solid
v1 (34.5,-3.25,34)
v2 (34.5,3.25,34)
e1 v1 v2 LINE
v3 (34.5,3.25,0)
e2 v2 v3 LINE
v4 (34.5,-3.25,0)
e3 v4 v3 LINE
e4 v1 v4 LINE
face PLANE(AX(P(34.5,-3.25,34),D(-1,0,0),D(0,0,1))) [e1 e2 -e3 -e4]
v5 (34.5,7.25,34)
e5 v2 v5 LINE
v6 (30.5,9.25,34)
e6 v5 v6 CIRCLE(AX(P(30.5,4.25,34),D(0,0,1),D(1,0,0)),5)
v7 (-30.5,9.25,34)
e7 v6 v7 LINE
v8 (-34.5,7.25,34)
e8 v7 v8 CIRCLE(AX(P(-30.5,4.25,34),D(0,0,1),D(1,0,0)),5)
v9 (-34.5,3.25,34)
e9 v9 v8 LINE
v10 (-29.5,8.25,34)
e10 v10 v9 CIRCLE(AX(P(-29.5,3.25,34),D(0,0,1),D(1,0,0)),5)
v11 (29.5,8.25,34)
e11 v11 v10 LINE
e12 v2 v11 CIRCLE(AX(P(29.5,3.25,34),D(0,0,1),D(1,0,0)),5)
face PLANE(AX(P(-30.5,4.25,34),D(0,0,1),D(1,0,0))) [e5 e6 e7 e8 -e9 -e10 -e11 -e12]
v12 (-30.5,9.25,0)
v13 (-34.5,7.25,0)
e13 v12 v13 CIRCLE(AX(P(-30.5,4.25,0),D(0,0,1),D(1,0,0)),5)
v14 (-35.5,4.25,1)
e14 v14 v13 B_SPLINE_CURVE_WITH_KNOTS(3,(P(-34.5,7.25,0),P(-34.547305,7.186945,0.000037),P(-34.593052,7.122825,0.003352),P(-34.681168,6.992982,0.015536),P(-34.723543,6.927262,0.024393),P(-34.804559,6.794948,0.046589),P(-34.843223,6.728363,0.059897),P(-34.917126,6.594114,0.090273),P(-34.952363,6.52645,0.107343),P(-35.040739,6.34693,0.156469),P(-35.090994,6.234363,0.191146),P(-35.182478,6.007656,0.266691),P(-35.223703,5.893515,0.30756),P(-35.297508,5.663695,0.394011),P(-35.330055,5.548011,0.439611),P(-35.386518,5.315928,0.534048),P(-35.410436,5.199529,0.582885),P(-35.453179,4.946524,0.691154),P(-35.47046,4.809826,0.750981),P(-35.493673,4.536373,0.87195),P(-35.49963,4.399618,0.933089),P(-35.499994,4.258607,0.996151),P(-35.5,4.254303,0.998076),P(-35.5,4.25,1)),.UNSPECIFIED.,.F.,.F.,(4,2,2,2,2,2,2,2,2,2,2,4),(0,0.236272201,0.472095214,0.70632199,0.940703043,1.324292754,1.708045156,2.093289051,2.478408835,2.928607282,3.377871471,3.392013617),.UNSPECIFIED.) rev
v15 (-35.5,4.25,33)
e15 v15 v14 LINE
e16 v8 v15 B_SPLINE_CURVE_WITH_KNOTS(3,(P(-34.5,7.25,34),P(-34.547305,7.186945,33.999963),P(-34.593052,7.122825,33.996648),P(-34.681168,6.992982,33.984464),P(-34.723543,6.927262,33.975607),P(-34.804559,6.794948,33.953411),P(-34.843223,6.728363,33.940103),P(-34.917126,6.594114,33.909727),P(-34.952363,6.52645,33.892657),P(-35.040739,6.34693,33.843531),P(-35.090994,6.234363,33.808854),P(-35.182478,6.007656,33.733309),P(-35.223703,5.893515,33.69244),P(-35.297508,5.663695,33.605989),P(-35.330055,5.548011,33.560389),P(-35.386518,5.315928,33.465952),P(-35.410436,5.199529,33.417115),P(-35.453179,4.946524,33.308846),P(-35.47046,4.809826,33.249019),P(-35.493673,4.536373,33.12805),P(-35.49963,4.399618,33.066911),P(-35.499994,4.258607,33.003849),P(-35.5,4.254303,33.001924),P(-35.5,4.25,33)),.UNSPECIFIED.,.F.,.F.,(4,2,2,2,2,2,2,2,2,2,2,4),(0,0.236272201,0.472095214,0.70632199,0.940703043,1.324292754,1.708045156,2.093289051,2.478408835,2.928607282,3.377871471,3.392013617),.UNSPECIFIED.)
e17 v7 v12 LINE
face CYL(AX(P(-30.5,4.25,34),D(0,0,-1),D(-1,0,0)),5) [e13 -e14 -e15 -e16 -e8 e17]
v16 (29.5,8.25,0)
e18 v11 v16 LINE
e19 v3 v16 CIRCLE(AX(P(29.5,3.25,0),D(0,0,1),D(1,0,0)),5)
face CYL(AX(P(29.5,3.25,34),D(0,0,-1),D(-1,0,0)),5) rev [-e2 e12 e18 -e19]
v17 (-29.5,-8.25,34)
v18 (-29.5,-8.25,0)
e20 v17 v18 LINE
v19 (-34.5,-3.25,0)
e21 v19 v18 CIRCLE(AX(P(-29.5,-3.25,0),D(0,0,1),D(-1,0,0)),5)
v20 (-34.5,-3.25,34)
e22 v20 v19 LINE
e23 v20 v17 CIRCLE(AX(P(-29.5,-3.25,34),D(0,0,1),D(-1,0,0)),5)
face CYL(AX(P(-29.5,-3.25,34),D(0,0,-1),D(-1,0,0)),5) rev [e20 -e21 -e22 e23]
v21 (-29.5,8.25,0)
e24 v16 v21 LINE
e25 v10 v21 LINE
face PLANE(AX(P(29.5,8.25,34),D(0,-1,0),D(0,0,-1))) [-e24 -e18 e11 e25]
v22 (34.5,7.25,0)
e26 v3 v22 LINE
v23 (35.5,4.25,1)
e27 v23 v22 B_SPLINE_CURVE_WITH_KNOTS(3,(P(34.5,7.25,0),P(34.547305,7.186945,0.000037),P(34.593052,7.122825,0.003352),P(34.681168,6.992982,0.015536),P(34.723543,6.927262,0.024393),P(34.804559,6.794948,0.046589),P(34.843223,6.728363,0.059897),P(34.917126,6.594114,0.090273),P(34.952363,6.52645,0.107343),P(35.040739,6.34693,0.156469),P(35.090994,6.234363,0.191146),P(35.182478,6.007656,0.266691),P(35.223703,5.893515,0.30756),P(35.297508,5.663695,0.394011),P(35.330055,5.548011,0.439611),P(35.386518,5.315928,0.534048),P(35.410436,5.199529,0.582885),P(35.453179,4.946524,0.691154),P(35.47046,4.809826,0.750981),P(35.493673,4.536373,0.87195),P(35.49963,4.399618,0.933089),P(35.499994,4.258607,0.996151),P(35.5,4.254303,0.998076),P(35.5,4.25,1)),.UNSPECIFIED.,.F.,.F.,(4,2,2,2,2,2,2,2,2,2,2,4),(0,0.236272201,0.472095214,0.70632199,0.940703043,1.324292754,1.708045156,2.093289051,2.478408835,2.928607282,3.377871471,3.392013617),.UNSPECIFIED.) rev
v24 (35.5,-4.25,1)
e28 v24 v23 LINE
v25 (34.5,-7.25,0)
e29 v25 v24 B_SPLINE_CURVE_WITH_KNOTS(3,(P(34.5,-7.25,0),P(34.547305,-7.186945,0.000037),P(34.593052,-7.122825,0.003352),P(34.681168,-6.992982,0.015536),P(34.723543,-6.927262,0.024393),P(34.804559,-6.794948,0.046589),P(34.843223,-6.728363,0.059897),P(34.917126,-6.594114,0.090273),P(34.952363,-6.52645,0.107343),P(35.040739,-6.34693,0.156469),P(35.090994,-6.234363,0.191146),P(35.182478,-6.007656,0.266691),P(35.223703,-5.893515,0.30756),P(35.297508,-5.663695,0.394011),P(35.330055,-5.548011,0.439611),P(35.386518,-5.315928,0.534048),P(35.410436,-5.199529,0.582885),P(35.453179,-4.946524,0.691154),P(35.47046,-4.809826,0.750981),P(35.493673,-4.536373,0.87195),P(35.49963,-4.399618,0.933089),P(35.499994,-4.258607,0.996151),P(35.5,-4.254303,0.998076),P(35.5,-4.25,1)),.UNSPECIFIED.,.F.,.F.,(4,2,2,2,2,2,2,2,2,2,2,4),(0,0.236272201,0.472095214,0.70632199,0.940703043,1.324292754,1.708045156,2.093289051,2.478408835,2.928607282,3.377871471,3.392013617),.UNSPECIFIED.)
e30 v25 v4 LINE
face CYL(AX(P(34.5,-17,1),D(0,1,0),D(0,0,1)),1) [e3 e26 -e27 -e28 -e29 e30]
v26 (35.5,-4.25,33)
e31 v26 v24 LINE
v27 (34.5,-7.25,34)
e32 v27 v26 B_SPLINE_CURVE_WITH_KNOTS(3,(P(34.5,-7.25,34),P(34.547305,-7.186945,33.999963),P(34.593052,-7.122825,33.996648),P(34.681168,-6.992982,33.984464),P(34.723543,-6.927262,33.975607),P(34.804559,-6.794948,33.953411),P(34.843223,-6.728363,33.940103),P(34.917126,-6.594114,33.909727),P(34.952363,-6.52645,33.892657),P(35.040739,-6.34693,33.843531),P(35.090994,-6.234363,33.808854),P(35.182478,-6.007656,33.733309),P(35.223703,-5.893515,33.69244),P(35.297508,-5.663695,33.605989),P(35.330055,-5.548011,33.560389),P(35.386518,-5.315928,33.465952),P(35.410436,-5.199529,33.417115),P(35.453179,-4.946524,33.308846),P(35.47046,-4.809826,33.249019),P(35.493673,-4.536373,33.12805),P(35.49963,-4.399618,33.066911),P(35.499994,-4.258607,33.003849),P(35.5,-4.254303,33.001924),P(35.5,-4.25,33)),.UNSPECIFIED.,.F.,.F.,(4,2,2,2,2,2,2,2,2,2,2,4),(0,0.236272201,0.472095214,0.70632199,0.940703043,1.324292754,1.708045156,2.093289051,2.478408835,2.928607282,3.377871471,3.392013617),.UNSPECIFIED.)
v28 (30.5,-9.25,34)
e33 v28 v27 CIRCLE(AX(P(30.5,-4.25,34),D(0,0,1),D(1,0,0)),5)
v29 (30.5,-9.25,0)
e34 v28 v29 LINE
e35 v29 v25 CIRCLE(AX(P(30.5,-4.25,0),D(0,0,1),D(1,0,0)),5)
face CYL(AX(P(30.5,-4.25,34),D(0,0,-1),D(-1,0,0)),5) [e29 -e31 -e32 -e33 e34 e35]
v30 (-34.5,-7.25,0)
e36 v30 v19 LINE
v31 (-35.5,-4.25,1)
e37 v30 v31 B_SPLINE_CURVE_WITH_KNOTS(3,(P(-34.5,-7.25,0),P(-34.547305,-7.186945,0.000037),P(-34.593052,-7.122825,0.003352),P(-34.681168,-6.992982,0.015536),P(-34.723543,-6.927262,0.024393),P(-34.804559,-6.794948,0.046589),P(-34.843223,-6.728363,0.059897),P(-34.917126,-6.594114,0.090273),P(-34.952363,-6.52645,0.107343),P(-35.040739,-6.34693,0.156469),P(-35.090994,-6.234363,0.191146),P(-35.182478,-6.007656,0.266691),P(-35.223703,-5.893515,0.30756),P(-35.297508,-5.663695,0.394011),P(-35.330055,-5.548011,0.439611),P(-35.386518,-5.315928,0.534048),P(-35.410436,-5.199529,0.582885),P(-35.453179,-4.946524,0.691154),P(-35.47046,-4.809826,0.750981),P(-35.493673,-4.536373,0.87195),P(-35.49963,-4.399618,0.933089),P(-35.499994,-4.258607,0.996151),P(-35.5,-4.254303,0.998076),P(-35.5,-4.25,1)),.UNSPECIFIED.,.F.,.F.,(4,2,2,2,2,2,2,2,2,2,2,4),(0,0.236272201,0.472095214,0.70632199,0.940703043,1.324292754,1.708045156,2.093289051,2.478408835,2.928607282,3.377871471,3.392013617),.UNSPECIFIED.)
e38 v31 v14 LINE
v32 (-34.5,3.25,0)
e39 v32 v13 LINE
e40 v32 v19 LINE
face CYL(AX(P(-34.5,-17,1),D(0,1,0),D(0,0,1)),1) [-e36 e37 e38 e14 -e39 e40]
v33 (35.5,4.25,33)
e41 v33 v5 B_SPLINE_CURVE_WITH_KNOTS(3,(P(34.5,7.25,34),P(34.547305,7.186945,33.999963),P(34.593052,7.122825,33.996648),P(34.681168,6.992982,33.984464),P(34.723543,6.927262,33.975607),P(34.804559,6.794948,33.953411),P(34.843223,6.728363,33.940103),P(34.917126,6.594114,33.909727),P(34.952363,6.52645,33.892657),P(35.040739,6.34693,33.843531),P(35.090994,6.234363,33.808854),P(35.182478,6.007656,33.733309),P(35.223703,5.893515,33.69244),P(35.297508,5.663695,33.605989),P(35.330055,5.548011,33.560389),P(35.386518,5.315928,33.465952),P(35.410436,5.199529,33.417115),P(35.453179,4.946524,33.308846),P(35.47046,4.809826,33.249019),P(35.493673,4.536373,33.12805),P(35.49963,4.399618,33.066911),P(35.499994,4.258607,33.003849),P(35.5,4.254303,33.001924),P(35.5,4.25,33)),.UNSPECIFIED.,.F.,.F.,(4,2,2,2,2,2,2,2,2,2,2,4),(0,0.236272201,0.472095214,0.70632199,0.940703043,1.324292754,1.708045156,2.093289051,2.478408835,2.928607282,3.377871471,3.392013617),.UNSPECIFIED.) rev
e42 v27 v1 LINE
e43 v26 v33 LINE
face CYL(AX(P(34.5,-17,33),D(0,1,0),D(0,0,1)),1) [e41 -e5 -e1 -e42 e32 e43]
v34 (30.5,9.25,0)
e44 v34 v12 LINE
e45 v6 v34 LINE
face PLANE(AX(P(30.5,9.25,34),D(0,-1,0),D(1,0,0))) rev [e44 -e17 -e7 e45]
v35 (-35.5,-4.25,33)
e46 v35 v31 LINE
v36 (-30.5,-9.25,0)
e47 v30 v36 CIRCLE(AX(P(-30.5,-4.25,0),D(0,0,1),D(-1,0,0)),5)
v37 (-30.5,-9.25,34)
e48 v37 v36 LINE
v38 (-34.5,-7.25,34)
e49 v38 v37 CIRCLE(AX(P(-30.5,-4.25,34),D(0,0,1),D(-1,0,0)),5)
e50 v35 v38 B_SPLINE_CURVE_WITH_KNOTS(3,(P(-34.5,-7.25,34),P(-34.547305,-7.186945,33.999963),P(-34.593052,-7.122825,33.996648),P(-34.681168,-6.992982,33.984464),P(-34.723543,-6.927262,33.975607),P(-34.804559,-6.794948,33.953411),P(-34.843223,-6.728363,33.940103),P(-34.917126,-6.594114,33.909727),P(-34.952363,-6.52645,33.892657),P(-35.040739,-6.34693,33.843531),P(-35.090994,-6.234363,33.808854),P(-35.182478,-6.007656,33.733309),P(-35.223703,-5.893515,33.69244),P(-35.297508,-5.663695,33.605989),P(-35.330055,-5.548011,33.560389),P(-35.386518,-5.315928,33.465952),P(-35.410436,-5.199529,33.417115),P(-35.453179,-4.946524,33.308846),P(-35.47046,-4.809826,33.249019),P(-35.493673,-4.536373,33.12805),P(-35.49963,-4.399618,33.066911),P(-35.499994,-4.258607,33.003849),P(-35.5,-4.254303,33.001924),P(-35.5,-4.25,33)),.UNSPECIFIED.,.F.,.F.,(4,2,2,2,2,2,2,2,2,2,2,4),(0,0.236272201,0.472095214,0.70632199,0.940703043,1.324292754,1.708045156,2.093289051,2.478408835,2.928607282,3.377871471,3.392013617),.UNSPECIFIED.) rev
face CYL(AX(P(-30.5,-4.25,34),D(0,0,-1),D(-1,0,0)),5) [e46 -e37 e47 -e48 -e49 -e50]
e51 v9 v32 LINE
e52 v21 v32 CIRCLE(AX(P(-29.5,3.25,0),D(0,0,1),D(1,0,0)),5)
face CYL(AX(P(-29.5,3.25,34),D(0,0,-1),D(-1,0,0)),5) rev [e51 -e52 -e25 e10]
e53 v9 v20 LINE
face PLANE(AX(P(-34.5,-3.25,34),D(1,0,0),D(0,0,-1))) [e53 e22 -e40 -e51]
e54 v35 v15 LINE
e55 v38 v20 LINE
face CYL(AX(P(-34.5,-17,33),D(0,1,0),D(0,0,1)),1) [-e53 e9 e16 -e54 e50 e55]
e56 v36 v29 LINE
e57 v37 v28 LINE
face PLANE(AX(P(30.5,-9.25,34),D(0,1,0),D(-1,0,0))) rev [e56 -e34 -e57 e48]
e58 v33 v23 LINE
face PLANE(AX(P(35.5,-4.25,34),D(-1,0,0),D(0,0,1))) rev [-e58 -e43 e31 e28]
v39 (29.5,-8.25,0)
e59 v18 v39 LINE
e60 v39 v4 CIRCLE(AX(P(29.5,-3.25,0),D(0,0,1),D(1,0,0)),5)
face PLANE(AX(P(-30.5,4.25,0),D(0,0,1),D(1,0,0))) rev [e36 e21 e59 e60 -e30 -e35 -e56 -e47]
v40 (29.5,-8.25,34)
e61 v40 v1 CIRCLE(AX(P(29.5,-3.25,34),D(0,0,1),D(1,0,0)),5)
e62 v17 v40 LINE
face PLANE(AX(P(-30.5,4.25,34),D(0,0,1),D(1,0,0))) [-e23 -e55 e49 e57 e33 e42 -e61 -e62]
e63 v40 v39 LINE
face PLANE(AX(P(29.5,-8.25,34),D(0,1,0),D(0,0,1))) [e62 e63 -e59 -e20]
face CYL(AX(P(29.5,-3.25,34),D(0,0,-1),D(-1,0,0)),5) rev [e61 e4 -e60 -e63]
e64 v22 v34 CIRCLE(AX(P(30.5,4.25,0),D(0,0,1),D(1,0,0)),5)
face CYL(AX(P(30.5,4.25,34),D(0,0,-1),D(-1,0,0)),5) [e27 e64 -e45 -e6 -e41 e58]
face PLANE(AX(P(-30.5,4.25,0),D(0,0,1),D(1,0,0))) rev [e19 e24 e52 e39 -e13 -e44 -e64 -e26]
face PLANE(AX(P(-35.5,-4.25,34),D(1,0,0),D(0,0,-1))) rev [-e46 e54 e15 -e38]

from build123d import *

# Parameters (mm, degrees)
BOSS_EXTRUDE3_DEPTH = 34
CUT_EXTRUDE4_DEPTH  = 17


with BuildPart() as part:
    # Sketch12 → Boss-Extrude3 (new body)
    with BuildSketch(Plane.XY):
        with BuildLine():
            Line((30.5, -9.25), (-30.5, -9.25))
            ThreePointArc((-30.5, -9.25), (-34.035533906, -7.785533906), (-35.5, -4.25))
            Line((-35.5, -4.25), (-35.5, 4.25))
            ThreePointArc((-35.5, 4.25), (-34.035533906, 7.785533906), (-30.5, 9.25))
            Line((-30.5, 9.25), (30.5, 9.25))
            ThreePointArc((30.5, 9.25), (34.035533906, 7.785533906), (35.5, 4.25))
            Line((35.5, 4.25), (35.5, -4.25))
            ThreePointArc((35.5, -4.25), (34.035533906, -7.785533906), (30.5, -9.25))
        make_face()
        with BuildLine():
            Line((29.5, -8.25), (-29.5, -8.25))
            ThreePointArc((-29.5, -8.25), (-33.035533906, -6.785533906), (-34.5, -3.25))
            Line((-34.5, -3.25), (-34.5, 3.25))
            ThreePointArc((-34.5, 3.25), (-33.035533906, 6.785533906), (-29.5, 8.25))
            Line((-29.5, 8.25), (29.5, 8.25))
            ThreePointArc((29.5, 8.25), (33.035533906, 6.785533906), (34.5, 3.25))
            Line((34.5, 3.25), (34.5, -3.25))
            ThreePointArc((34.5, -3.25), (33.035533906, -6.785533906), (29.5, -8.25))
        make_face(mode=Mode.SUBTRACT)
    extrude(amount=BOSS_EXTRUDE3_DEPTH)

    # Sketch14 → Cut-Extrude4 (cut, symmetric)
    with BuildSketch(Plane(origin=(0, 0, 0), x_dir=(1, 0, 0), z_dir=(0, 1, 0))):
        with BuildLine():
            ThreePointArc((-34.5, 0), (-35.207106781, -0.292893219), (-35.5, -1))
            Line((-35.5, -1), (-35.5, 0))
            Line((-35.5, 0), (-34.5, 0))
        make_face()
        with BuildLine():
            Line((34.5, 0), (35.5, 0))
            Line((35.5, 0), (35.5, -1))
            ThreePointArc((35.5, -1), (35.207106781, -0.292893219), (34.5, 0))
        make_face()
        with BuildLine():
            ThreePointArc((34.5, -34), (35.207106781, -33.707106781), (35.5, -33))
            Line((35.5, -33), (35.5, -34))
            Line((35.5, -34), (34.5, -34))
        make_face()
        with BuildLine():
            ThreePointArc((-35.5, -33), (-35.207106781, -33.707106781), (-34.5, -34))
            Line((-34.5, -34), (-35.5, -34))
            Line((-35.5, -34), (-35.5, -33))
        make_face()
    extrude(amount=CUT_EXTRUDE4_DEPTH, both=True, mode=Mode.SUBTRACT)


solid = part.part
